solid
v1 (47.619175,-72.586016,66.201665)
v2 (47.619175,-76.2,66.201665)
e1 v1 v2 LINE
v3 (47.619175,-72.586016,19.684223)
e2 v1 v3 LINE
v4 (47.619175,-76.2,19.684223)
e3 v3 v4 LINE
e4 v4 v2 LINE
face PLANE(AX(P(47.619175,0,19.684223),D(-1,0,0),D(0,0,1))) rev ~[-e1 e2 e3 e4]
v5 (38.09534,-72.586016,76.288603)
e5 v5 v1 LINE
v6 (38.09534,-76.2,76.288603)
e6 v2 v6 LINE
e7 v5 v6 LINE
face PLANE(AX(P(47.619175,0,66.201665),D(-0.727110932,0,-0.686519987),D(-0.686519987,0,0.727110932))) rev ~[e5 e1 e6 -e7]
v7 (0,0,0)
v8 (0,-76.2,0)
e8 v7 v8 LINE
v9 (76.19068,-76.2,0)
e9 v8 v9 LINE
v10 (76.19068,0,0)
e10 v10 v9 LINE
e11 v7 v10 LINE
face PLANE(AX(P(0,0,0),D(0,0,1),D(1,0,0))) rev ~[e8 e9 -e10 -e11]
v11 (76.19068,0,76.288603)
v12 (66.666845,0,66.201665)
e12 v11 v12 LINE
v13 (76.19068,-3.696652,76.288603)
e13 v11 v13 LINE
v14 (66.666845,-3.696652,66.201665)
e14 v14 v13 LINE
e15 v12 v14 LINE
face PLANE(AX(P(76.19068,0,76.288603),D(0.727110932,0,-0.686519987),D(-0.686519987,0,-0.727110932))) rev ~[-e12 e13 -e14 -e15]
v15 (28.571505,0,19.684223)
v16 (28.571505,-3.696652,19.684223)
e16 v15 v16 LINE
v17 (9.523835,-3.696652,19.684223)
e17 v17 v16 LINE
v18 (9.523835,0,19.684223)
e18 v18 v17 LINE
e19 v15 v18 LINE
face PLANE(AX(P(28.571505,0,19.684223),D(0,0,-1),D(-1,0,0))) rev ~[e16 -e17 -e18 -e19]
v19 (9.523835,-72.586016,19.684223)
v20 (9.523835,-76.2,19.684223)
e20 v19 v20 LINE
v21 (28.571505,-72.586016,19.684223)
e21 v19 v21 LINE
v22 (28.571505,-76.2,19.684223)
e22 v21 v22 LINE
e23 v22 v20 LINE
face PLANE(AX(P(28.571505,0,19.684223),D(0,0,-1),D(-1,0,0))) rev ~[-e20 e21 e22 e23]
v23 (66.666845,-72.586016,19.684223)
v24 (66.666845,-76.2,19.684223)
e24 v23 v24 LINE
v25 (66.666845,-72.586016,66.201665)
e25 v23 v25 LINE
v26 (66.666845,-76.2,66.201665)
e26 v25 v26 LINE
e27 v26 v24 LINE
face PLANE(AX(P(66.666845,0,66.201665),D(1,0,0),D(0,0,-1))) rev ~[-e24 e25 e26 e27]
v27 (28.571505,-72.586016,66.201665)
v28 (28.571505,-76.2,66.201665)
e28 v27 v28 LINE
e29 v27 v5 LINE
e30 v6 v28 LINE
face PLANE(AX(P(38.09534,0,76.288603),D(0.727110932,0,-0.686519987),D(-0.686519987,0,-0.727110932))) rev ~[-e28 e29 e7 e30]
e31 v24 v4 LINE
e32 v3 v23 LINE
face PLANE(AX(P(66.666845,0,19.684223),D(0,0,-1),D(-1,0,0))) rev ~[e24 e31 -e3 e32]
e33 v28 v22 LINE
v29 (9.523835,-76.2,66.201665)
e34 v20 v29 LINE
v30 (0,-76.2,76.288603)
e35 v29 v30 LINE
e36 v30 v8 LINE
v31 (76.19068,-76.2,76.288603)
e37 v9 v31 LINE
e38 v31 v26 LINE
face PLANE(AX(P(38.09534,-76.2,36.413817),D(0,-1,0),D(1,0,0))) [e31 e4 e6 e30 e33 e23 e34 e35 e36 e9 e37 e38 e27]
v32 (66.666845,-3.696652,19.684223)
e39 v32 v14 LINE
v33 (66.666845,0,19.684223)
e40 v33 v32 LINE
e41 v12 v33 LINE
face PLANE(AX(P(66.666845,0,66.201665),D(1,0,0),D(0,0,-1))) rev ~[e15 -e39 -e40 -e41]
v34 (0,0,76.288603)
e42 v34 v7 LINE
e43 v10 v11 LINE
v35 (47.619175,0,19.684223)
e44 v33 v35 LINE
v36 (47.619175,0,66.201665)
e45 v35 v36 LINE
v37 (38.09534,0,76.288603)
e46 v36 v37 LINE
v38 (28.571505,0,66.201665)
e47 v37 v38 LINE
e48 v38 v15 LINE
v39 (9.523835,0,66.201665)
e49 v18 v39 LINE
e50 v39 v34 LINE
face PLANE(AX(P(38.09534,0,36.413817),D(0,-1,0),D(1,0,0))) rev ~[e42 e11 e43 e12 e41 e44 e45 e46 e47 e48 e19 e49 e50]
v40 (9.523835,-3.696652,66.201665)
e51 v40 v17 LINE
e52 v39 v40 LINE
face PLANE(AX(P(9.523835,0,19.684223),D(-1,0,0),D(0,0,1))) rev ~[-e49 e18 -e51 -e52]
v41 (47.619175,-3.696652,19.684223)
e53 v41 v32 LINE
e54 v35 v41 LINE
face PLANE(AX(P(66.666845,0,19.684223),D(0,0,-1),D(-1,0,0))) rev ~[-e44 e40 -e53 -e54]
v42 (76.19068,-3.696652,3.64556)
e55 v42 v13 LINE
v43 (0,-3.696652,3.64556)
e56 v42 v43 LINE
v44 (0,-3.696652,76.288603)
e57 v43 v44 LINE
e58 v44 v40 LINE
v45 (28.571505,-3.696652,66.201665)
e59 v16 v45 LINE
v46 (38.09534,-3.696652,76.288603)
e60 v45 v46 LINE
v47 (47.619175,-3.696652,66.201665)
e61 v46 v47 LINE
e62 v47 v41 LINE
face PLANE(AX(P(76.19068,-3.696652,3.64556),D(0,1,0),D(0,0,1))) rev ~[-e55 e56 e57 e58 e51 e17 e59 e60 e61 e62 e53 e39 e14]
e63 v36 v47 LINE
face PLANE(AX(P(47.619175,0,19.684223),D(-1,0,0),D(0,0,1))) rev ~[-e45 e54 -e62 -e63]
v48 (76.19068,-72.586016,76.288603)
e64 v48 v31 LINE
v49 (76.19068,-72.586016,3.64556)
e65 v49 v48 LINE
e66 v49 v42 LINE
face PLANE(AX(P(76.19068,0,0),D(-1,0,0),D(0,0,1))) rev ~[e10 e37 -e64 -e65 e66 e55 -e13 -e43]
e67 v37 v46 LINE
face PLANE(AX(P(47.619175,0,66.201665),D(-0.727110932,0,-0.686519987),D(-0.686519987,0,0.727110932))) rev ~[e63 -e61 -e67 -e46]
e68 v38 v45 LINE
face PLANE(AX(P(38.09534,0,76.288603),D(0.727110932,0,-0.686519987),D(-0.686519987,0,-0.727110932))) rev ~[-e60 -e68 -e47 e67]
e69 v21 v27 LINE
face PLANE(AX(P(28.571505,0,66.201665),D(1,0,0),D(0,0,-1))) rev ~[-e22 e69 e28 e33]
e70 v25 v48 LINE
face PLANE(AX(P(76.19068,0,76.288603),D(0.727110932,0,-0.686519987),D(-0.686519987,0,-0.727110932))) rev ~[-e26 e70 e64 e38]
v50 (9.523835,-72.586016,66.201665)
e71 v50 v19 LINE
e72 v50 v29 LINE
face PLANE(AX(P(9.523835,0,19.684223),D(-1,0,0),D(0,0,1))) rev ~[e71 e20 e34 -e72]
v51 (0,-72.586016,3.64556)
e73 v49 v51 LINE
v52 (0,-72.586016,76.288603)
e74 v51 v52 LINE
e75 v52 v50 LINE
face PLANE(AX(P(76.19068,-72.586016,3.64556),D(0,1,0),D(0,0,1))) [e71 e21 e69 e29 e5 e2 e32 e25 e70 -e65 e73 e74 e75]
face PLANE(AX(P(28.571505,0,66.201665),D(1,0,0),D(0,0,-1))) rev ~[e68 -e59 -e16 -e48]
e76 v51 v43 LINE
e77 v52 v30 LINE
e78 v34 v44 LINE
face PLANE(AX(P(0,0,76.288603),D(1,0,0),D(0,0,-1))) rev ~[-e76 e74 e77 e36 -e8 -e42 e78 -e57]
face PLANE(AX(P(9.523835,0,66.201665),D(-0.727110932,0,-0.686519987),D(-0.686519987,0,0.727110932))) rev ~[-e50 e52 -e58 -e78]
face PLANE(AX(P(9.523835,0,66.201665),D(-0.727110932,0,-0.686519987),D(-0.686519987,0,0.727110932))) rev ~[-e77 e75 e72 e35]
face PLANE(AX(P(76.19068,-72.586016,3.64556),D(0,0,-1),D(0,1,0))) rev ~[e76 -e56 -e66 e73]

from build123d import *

# Parameters (mm, degrees)
F1_DEPTH = 76.2
F2_W     = 68.889363
F2_H     = 4.894324
F2_H_2   = 72.643043
F3_DEPTH = 88.9


with BuildPart() as f1:
    # F0 (on Front) → F1 (new body)
    with BuildSketch(Plane.XZ):
        Polygon((0, 76.288603), (0, 0), (76.19068, 0), (76.19068, 76.288603), (66.666845, 66.201665), (66.666845, 19.684223), (47.619175, 19.684223), (47.619175, 66.201665), (38.09534, 76.288603), (28.571505, 66.201665), (28.571505, 19.684223), (9.523835, 19.684223), (9.523835, 66.201665), align=None)
    extrude(amount=F1_DEPTH)

    # F2 (on face) → F3 (cut)
    with BuildSketch(Plane.YZ.offset(76.19068)):
        with Locations((-38.141334, 78.735765)):
            Rectangle(F2_W, F2_H)
        with Locations((-38.141334, 39.967081)):
            Rectangle(F2_W, F2_H_2)
    extrude(amount=-F3_DEPTH, mode=Mode.SUBTRACT)


solid = f1.part
